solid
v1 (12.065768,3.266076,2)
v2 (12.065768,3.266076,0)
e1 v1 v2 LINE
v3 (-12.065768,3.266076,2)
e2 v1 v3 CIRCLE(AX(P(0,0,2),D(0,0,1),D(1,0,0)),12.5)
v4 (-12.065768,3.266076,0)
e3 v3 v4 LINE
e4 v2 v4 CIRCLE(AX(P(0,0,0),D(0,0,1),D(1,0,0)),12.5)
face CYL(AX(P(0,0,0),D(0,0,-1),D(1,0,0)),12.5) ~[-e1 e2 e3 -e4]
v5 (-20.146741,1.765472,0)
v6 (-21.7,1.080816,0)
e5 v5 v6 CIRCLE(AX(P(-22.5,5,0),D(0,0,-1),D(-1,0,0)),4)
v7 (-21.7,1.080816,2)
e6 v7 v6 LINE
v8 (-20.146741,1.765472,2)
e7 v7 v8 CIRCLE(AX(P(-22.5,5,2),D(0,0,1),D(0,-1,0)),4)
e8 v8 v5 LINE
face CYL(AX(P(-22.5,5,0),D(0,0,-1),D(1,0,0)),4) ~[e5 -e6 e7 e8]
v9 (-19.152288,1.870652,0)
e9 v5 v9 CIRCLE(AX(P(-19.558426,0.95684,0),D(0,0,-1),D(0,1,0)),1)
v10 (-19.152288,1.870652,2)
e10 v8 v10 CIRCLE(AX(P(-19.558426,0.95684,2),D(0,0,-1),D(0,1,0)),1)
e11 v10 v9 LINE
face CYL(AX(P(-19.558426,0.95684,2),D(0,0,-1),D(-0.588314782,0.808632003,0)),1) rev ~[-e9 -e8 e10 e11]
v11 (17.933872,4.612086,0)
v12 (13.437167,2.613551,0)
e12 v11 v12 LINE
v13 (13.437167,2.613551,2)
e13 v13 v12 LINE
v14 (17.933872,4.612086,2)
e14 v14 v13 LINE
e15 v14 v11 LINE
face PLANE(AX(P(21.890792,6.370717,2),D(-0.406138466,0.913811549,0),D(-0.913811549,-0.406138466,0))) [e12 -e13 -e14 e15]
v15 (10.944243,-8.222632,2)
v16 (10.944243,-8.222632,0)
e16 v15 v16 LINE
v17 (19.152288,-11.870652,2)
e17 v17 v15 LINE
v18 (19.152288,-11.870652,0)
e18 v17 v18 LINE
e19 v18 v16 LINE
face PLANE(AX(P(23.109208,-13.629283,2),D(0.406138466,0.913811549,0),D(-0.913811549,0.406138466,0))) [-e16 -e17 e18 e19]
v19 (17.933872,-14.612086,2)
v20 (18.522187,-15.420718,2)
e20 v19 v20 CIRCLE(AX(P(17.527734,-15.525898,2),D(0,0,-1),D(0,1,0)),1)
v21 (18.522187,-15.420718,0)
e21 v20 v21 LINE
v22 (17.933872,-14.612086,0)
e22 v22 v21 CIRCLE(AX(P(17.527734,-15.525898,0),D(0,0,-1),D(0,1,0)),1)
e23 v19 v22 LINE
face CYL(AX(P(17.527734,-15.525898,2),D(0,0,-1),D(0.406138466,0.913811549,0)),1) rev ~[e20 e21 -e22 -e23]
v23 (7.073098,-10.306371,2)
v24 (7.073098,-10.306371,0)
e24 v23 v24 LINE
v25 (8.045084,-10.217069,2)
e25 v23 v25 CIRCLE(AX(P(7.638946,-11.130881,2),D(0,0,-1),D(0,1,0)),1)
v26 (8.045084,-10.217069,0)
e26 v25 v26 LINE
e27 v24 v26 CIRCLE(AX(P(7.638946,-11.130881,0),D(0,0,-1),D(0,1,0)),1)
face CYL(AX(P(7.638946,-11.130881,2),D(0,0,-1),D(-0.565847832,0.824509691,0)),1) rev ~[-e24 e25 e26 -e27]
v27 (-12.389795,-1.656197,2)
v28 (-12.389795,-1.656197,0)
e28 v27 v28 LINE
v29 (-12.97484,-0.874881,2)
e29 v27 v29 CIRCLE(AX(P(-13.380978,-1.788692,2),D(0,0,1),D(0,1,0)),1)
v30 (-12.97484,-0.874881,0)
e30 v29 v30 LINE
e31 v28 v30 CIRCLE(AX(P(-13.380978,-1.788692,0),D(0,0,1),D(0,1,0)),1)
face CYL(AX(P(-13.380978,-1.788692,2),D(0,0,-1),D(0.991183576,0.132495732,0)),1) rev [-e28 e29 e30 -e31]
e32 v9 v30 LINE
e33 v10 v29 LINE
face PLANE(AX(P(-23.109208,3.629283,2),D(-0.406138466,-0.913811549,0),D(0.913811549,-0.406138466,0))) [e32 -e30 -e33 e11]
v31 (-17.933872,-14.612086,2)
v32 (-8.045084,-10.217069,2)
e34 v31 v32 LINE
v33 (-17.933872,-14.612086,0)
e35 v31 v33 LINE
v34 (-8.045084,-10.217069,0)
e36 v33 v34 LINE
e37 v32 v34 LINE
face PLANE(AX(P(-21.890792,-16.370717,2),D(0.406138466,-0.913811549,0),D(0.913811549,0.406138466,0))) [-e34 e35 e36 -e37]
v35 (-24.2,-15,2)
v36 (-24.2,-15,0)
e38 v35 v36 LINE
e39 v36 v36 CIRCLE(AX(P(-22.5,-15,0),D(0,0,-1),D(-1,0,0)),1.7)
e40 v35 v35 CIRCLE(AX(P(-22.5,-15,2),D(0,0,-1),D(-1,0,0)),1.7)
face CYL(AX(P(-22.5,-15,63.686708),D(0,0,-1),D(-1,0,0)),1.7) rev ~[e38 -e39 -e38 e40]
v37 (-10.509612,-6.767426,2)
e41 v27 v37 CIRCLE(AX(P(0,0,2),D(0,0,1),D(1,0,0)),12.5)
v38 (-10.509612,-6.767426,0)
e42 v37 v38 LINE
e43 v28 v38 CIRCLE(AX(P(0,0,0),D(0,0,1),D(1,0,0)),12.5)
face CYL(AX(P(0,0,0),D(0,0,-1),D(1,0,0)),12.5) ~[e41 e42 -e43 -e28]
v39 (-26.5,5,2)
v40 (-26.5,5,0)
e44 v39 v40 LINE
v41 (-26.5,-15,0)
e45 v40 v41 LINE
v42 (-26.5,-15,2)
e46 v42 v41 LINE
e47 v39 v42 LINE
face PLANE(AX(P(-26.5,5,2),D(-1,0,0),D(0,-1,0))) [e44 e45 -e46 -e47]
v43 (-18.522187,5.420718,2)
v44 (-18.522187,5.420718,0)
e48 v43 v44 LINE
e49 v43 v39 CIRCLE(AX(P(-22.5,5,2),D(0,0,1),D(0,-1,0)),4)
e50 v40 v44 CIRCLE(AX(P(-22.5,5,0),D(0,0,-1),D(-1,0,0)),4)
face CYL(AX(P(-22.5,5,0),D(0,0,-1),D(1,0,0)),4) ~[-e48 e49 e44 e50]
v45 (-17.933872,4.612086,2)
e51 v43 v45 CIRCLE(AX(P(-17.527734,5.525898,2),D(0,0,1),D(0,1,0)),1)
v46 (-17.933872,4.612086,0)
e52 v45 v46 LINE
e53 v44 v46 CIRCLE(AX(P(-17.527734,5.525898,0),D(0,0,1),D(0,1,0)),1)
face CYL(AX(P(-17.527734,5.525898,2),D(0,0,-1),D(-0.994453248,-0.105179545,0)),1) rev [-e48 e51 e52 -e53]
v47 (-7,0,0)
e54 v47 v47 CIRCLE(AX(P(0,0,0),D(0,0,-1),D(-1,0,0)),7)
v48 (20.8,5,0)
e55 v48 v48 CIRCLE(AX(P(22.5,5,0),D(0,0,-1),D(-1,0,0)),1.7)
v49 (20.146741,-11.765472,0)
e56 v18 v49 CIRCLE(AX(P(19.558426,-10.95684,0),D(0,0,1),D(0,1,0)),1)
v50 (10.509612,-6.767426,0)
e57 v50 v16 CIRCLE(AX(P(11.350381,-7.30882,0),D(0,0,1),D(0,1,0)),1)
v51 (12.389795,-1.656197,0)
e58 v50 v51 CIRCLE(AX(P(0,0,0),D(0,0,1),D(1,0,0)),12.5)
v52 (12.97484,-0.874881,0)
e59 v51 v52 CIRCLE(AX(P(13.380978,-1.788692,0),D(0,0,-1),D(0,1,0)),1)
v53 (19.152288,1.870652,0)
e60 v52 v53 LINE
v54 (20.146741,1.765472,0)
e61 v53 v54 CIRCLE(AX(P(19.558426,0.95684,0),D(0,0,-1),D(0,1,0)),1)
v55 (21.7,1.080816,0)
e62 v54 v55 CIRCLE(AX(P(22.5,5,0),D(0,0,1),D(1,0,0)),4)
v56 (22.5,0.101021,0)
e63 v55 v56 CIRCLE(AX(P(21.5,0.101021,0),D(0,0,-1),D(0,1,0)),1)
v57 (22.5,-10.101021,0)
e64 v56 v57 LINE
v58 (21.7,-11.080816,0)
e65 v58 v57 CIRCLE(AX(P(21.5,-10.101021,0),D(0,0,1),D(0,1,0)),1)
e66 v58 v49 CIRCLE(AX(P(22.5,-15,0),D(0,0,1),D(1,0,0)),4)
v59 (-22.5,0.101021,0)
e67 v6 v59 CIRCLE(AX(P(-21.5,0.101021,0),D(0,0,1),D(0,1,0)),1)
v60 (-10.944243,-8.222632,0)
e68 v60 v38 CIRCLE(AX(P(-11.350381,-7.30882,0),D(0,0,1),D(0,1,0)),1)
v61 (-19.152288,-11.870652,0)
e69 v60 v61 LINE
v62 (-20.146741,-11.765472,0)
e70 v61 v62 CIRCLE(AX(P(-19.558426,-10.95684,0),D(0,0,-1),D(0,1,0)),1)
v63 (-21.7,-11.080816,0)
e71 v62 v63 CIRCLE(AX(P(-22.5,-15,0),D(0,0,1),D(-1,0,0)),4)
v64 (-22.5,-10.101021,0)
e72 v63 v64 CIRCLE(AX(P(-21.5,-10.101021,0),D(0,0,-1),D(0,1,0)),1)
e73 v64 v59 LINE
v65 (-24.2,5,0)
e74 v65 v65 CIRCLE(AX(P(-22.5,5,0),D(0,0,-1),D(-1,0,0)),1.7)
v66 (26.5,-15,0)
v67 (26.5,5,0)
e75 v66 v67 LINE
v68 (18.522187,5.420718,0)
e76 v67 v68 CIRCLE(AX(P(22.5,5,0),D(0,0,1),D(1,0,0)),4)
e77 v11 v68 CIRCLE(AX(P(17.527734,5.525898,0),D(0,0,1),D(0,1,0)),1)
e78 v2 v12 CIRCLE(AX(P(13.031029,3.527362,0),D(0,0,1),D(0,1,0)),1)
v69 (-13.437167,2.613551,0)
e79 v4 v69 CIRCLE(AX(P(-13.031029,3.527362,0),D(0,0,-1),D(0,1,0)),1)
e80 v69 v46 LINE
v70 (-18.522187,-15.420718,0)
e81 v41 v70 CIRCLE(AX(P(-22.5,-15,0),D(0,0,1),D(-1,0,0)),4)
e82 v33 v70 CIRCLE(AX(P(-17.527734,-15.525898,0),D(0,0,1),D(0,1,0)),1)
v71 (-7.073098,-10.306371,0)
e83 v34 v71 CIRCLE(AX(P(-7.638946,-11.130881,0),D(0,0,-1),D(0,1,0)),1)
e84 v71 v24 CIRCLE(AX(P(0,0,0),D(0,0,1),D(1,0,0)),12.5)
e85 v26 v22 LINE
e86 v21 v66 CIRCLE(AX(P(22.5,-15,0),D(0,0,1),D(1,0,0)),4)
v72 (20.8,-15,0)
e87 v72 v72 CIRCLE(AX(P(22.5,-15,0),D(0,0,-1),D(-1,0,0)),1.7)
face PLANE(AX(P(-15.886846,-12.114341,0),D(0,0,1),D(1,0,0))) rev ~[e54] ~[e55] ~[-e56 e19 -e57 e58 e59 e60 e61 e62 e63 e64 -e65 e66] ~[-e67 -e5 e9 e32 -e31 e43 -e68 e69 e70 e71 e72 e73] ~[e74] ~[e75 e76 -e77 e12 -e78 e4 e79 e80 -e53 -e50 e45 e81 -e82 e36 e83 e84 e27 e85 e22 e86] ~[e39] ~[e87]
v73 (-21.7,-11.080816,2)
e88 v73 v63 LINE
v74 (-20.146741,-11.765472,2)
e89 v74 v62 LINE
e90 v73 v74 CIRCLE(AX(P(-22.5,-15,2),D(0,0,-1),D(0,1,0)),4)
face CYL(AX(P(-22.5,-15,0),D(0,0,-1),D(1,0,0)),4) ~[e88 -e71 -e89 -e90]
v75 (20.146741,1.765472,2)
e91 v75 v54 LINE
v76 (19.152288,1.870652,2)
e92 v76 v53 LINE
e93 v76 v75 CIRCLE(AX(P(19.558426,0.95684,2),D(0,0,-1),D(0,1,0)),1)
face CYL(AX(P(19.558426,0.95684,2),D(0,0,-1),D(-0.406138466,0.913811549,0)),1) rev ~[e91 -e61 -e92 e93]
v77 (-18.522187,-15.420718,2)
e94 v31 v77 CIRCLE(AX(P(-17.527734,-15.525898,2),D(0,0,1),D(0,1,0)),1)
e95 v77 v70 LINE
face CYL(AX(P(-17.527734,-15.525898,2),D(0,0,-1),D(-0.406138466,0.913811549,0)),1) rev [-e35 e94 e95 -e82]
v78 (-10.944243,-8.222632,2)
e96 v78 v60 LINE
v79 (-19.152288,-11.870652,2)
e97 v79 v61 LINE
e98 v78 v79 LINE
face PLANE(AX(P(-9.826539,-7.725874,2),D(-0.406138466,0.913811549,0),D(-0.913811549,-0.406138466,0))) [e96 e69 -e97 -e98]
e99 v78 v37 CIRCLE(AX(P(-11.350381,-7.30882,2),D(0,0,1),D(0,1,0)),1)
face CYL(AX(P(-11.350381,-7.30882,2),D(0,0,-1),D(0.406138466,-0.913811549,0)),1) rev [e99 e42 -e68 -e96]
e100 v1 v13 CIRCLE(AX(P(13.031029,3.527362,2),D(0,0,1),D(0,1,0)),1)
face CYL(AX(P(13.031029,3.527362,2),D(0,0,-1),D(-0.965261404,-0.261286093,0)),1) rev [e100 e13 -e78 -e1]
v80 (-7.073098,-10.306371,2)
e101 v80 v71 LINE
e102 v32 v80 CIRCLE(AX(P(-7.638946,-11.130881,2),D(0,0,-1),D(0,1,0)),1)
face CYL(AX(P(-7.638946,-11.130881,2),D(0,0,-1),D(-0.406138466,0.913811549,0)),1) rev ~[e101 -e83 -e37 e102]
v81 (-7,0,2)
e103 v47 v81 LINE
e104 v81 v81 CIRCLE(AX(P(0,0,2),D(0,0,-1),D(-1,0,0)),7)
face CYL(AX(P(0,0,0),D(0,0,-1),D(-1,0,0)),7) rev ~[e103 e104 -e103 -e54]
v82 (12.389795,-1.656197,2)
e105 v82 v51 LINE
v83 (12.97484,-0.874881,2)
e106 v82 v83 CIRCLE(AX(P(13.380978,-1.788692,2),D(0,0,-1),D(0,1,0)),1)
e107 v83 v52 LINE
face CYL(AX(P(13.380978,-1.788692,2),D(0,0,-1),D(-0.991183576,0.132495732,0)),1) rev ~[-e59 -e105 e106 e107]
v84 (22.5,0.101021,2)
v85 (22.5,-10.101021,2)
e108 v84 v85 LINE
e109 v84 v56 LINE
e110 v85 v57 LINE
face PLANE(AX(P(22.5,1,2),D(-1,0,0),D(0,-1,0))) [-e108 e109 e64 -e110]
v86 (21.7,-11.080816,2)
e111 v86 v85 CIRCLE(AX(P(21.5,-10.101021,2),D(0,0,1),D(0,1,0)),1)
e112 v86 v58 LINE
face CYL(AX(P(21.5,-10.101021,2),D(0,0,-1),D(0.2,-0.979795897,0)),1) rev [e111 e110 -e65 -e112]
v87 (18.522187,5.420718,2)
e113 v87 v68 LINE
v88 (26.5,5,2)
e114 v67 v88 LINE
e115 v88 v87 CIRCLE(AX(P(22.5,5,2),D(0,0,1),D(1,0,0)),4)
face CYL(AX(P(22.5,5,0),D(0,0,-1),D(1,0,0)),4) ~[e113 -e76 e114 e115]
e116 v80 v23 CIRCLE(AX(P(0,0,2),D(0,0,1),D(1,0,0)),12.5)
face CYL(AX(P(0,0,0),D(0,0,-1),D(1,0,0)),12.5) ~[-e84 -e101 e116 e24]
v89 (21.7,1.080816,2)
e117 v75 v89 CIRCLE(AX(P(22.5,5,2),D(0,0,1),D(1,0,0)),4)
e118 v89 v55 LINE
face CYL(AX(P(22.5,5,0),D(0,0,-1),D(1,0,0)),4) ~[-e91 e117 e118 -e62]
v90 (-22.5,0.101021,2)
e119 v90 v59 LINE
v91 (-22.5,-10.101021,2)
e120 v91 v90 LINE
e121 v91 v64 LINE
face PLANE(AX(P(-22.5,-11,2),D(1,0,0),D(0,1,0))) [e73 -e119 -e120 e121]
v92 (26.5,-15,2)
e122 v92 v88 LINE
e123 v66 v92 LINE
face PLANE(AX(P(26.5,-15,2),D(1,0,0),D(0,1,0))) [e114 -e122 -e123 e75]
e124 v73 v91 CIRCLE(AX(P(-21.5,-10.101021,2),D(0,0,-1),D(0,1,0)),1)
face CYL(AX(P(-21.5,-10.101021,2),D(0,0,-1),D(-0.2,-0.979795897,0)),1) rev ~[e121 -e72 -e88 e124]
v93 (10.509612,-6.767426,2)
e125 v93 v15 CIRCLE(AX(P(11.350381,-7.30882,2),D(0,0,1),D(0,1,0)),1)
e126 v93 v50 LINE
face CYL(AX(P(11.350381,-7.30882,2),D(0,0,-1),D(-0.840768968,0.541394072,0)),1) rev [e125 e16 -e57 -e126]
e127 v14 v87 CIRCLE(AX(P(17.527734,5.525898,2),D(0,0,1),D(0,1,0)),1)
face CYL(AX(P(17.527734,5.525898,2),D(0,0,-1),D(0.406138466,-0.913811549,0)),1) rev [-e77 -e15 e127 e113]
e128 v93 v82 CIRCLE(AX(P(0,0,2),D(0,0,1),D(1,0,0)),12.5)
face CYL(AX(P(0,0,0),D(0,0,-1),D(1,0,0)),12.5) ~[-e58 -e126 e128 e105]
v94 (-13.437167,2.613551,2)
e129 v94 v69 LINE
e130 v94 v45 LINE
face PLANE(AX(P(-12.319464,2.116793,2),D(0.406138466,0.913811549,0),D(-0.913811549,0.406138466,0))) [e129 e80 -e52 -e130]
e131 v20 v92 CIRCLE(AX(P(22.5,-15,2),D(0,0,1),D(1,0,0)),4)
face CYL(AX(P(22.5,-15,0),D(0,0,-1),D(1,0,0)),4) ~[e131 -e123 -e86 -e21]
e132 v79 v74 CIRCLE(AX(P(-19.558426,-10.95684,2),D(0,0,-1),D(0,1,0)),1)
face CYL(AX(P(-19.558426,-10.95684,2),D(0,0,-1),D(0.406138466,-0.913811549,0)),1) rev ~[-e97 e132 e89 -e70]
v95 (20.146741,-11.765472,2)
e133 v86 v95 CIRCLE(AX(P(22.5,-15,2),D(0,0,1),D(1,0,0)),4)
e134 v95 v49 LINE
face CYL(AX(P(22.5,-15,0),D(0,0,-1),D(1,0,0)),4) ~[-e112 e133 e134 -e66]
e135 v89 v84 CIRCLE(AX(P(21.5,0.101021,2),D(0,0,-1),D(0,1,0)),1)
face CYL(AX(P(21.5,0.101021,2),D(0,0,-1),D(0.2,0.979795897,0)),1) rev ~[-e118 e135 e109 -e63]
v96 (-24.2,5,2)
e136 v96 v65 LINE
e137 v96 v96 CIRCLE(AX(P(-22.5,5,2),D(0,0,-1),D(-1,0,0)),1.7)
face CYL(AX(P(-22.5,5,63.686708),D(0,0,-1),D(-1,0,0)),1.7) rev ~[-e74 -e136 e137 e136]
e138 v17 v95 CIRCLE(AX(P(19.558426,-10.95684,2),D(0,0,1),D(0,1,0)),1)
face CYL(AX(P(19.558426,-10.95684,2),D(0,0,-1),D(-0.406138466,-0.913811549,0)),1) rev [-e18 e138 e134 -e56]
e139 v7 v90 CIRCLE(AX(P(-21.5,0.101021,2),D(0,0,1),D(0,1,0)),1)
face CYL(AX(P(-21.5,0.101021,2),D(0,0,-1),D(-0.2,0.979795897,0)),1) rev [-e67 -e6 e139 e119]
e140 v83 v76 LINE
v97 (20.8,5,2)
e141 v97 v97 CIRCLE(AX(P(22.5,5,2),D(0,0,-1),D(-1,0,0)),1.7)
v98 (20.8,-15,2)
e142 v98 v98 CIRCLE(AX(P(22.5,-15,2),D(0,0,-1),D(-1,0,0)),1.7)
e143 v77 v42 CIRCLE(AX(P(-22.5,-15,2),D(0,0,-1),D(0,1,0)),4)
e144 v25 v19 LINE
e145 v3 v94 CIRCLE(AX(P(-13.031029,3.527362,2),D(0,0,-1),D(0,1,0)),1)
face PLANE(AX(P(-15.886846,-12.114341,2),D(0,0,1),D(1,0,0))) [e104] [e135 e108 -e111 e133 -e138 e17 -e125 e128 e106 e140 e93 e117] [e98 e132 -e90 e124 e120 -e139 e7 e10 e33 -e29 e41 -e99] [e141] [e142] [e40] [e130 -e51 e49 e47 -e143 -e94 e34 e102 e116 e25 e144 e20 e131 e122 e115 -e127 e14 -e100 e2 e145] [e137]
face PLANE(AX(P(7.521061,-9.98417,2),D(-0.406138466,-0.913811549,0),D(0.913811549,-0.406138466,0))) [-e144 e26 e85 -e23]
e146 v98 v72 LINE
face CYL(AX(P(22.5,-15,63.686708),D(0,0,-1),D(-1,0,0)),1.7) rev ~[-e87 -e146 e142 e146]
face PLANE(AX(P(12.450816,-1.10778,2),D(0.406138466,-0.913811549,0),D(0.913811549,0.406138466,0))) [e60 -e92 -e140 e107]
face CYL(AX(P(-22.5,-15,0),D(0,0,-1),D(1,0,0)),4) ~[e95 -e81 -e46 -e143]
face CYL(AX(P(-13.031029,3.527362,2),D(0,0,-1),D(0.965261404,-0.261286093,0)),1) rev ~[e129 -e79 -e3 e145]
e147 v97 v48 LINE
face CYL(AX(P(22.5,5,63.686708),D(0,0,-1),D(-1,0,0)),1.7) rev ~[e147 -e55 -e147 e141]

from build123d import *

# Parameters (mm, degrees)
SKETCH_1_R          = 12.5
EXTRUDE_1_DEPTH     = 2
SKETCH_1_R_2        = 4
EXTRUDE_1_2_DEPTH   = 2
EXTRUDE_1_3_DEPTH   = 2
EXTRUDE_1_4_DEPTH   = 2
EXTRUDE_1_5_DEPTH   = 2
EXTRUDE_2_DEPTH     = 2
EXTRUDE_3_DEPTH     = 2
FILLET_1_R          = 1
SKETCH_5_R          = 7
CUT_EXTRUDE_1_DEPTH = 33.668792448
HOLE_WIZARD_M3_1_D  = 3.4


with BuildPart() as part:
    # ｽｹｯﾁ1 → ﾎﾞｽ - 押し出し1 (new body)
    with BuildSketch(Plane.XY):
        Circle(SKETCH_1_R)
    extrude(amount=EXTRUDE_1_DEPTH)



with BuildPart() as body_2:
    # ｽｹｯﾁ1 → Extrude 1 2 (new body)
    with BuildSketch(Plane.XY):
        with Locations((-22.5, 5)):
            Circle(SKETCH_1_R_2)
    extrude(amount=EXTRUDE_1_2_DEPTH)



with BuildPart() as body_3:
    # ｽｹｯﾁ1 → Extrude 1 3 (new body)
    with BuildSketch(Plane.XY):
        with Locations((-22.5, -15)):
            Circle(SKETCH_1_R_2)
    extrude(amount=EXTRUDE_1_3_DEPTH)


with BuildPart() as body_4:
    # ｽｹｯﾁ1 → Extrude 1 4 (new body)
    with BuildSketch(Plane.XY):
        with Locations((22.5, -15)):
            Circle(SKETCH_1_R_2)
    extrude(amount=EXTRUDE_1_4_DEPTH)


with BuildPart() as body_5:
    # ｽｹｯﾁ1 → Extrude 1 5 (new body)
    with BuildSketch(Plane.XY):
        with Locations((22.5, 5)):
            Circle(SKETCH_1_R_2)
    extrude(amount=EXTRUDE_1_5_DEPTH)


with BuildPart() as body_2_1:
    add(body_2.part)

    add(body_3.part)  # ﾎﾞｽ - 押し出し2 merges body 3

    add(body_4.part)  # ﾎﾞｽ - 押し出し2 merges body 4

    add(body_5.part)  # ﾎﾞｽ - 押し出し2 merges body 5
    # ｽｹｯﾁ2 → ﾎﾞｽ - 押し出し2 (add)
    with BuildSketch(Plane.XY.offset(2)):
        with BuildLine():
            Line((-26.5, 5), (-26.5, -15))
            ThreePointArc((-26.5, -15), (-25.328427125, -12.171572875), (-22.5, -11))
            Line((-22.5, -11), (-22.5, 1))
            ThreePointArc((-22.5, 1), (-25.328427125, 2.171572875), (-26.5, 5))
        make_face()
        with BuildLine():
            ThreePointArc((22.5, -11), (25.328427125, -12.171572875), (26.5, -15))
            Line((26.5, -15), (26.5, 5))
            ThreePointArc((26.5, 5), (25.328427125, 2.171572875), (22.5, 1))
            Line((22.5, 1), (22.5, -11))
        make_face()
    extrude(amount=-EXTRUDE_2_DEPTH)


with BuildPart() as part_1:
    add(part.part)

    add(body_2_1.part)  # ﾎﾞｽ - 押し出し3 merges body 2
    # ｽｹｯﾁ3 → ﾎﾞｽ - 押し出し3 (add, through all)
    with BuildSketch(Plane.XY.offset(2)):
        with BuildLine():
            ThreePointArc((-7.521060552, -9.984169879), (-8.74698669, -8.929738174), (-9.82653887, -7.725874309))
            Line((-9.82653887, -7.725874309), (-23.109207699, -13.629282677))
            ThreePointArc((-23.109207699, -13.629282677), (-23.870717323, -15.609207699), (-21.890792301, -16.370717323))
            Line((-21.890792301, -16.370717323), (-7.521060552, -9.984169879))
        make_face()
        with BuildLine():
            Line((23.109207699, -13.629282677), (9.82653887, -7.725874309))
            ThreePointArc((9.82653887, -7.725874309), (8.74698669, -8.929738174), (7.521060552, -9.984169879))
            Line((7.521060552, -9.984169879), (21.890792301, -16.370717323))
            ThreePointArc((21.890792301, -16.370717323), (23.870717323, -15.609207699), (23.109207699, -13.629282677))
        make_face()
        with BuildLine():
            Line((-12.319463678, 2.116793491), (-21.890792301, 6.370717323))
            ThreePointArc((-21.890792301, 6.370717323), (-23.870717323, 5.609207699), (-23.109207699, 3.629282677))
            Line((-23.109207699, 3.629282677), (-12.450816156, -1.107780231))
            ThreePointArc((-12.450816156, -1.107780231), (-12.489642096, 0.508763509), (-12.319463678, 2.116793491))
        make_face()
        with BuildLine():
            Line((21.890792301, 6.370717323), (12.319463678, 2.116793491))
            ThreePointArc((12.319463678, 2.116793491), (12.454784141, 1.06223915), (12.5, 0))
            ThreePointArc((12.5, 0), (12.487697986, -0.55443577), (12.450816156, -1.107780231))
            Line((12.450816156, -1.107780231), (23.109207699, 3.629282677))
            ThreePointArc((23.109207699, 3.629282677), (23.870717323, 5.609207699), (21.890792301, 6.370717323))
        make_face()
    extrude(amount=-EXTRUDE_3_DEPTH)

    # ﾌｨﾚｯﾄ1
    fillet_1_edges = [part_1.edges().sort_by_distance(p)[0] for p in [
        (12.319463678, 2.116793491, 1),
        (12.450816156, -1.107780231, 1),
        (-18.502288389, -14.864715584, 1),
        (-19.720703787, -12.123280938, 1),
        (-22.5, -11, 1),
        (-22.5, 1, 1),
        (7.521060552, -9.984169879, 1),
        (9.82653887, -7.725874309, 1),
        (19.720703787, -12.123280938, 1),
        (18.502288389, -14.864715584, 1),
        (22.5, -11, 1),
        (22.5, 1, 1),
        (-19.720703787, 2.123280938, 1),
        (-18.502288389, 4.864715584, 1),
        (-12.450816156, -1.107780231, 1),
        (-12.319463678, 2.116793491, 1),
        (-9.82653887, -7.725874309, 1),
        (-7.521060552, -9.984169879, 1),
        (18.502288389, 4.864715584, 1),
        (19.720703787, 2.123280938, 1),
    ]]
    fillet(fillet_1_edges, radius=FILLET_1_R)

    # ｽｹｯﾁ5 → ｶｯﾄ - 押し出し1 (cut, through all)
    with BuildSketch(Plane(origin=(0, 0, 0), x_dir=(-1, 0, 0), z_dir=(0, 0, -1))):
        Circle(SKETCH_5_R)
    extrude(amount=-CUT_EXTRUDE_1_DEPTH, mode=Mode.SUBTRACT)

    # M3 すきま穴1 (through all)
    with Locations(Plane.XY.offset(2)):
        with Locations((-22.5, 5), (-22.5, -15), (22.5, -15), (22.5, 5)):
            Hole(HOLE_WIZARD_M3_1_D / 2)


solid = part_1.part
